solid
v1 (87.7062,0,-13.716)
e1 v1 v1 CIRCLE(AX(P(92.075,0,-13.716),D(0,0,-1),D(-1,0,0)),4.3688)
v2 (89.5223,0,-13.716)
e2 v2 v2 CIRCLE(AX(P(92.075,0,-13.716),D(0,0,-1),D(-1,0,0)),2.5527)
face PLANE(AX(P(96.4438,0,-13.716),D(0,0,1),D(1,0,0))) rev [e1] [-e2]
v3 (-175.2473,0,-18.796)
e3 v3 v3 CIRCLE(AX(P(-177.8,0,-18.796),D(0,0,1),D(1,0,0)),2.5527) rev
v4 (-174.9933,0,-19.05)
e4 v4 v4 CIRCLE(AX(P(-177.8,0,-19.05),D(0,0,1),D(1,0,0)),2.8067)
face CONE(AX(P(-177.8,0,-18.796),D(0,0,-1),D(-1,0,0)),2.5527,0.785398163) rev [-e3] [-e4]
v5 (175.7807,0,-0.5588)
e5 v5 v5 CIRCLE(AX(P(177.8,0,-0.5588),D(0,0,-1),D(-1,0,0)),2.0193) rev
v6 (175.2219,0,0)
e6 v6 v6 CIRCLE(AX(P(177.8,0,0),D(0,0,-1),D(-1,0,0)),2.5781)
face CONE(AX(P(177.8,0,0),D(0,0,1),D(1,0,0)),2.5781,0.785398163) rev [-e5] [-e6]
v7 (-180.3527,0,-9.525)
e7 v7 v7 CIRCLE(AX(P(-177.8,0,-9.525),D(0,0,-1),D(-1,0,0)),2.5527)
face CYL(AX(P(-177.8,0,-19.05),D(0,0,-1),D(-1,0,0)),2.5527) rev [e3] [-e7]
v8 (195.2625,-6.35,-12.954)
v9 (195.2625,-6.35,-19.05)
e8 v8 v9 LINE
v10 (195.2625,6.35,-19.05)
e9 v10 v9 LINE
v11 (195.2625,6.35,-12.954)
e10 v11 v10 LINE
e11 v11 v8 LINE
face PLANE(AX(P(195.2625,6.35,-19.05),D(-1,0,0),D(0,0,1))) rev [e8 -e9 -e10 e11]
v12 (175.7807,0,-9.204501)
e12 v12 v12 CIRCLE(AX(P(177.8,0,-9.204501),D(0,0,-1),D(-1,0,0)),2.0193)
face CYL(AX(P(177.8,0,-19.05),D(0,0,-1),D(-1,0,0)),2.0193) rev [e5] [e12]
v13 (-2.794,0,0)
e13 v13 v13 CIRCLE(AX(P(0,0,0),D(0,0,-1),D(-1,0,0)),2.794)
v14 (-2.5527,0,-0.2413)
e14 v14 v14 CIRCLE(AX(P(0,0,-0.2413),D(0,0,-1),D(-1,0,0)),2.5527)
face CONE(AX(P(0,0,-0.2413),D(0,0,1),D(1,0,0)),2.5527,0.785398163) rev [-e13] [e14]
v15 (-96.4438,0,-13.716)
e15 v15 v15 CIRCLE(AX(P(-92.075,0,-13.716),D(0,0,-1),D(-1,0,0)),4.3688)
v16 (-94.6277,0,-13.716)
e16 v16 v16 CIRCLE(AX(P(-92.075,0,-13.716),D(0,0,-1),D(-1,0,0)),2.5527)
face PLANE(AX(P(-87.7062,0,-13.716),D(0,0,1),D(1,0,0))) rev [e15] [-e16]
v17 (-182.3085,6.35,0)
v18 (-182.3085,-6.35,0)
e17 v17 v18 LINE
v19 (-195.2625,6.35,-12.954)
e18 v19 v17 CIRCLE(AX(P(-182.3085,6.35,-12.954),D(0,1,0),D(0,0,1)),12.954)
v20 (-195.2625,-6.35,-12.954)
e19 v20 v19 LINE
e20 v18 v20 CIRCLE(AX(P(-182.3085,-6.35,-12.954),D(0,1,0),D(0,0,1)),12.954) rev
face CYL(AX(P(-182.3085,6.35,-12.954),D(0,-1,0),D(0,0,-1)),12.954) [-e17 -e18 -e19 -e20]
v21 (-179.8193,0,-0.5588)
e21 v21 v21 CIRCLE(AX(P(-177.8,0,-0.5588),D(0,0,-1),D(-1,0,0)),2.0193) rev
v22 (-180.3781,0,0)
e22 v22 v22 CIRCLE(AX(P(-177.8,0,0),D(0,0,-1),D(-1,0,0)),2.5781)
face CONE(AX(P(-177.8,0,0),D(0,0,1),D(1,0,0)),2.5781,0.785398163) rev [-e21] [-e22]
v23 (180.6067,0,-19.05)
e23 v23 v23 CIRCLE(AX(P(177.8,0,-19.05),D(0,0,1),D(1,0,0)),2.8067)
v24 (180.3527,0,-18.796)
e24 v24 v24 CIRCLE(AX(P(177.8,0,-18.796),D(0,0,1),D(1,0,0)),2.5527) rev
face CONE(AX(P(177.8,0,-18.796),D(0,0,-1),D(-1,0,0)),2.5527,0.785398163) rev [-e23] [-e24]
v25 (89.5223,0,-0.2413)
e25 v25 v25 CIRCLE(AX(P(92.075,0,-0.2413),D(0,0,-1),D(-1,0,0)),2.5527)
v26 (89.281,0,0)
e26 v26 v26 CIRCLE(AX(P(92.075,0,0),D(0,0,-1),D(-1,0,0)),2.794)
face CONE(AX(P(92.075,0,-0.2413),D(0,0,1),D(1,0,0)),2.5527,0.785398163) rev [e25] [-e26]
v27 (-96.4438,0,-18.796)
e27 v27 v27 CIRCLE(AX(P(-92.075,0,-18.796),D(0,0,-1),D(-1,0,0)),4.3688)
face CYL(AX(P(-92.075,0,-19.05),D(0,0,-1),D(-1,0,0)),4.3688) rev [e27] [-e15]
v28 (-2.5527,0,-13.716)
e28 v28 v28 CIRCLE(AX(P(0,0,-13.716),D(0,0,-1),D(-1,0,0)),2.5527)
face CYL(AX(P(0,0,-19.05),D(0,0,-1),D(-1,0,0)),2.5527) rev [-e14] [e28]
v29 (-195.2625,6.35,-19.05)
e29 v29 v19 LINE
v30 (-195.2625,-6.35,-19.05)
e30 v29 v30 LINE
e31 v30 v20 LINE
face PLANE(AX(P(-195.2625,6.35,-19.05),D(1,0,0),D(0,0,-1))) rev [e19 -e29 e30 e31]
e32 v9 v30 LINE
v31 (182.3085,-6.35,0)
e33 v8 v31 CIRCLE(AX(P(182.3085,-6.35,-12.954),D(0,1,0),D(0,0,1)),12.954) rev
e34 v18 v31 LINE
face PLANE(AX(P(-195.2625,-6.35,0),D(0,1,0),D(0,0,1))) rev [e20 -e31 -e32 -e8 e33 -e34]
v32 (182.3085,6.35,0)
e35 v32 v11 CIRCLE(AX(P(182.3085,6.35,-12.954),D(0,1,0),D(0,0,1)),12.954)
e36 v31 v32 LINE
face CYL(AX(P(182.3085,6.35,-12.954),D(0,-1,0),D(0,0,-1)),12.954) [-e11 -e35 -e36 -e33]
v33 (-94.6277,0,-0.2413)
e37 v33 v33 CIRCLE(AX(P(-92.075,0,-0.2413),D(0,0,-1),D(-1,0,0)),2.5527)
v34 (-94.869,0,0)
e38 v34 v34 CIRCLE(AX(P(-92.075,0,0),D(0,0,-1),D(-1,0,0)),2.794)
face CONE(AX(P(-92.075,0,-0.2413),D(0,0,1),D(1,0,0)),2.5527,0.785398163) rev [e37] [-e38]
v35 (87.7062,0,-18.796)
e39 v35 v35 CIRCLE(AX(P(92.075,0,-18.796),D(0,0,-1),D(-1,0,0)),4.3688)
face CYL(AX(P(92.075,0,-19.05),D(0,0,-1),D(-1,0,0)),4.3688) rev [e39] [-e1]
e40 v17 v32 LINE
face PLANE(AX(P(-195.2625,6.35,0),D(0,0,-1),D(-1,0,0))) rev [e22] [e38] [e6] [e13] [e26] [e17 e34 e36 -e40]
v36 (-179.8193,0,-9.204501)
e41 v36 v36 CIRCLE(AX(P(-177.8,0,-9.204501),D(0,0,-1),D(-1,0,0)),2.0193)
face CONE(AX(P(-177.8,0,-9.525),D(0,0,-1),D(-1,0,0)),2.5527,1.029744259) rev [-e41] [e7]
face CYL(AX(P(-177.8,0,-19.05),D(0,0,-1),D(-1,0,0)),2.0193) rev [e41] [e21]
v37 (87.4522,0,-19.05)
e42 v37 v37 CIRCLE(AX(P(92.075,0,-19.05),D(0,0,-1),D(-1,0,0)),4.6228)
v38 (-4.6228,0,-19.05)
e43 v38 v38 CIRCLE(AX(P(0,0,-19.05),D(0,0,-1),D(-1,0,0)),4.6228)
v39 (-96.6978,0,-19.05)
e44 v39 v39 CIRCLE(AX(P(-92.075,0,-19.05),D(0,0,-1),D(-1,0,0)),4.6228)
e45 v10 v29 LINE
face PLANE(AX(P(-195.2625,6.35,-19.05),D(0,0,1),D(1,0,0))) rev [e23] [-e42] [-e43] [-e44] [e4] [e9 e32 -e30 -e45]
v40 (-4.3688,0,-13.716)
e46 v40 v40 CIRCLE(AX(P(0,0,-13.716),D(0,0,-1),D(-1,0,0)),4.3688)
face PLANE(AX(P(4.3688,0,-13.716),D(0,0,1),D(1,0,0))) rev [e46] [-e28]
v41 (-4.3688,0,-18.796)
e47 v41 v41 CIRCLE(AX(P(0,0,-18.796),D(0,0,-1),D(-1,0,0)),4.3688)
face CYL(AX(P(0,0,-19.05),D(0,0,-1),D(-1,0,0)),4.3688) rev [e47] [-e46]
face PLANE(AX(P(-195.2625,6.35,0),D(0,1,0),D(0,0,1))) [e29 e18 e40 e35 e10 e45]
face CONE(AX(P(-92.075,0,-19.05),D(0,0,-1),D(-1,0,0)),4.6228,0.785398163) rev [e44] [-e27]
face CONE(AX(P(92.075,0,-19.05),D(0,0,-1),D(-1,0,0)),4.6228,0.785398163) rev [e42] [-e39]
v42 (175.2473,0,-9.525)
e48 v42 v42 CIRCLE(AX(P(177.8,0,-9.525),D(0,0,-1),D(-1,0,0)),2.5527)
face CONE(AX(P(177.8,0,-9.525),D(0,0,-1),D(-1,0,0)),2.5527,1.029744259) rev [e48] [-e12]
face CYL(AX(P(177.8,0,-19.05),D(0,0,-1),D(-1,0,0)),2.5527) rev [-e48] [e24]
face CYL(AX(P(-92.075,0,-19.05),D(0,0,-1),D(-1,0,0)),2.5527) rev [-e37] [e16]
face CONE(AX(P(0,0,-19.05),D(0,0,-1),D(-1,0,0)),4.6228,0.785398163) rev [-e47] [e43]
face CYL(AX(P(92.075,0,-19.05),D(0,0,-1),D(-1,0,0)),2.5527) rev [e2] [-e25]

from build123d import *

# Parameters (mm, degrees)
SKETCH1_W                                    = 390.525
SKETCH1_H                                    = 19.05
EXTRUDE1_DEPTH                               = 6.35
FILLET1_R                                    = 12.954
COUNTERDRILLED_10_32_AT_2_COUNT              = 2
COUNTERDRILLED_10_32_AT_2_PITCH              = 355.6
CBORE_FOR_10_SOCKET_HEAD_CAP_SCREW1_AT_COUNT = 2
CBORE_FOR_10_SOCKET_HEAD_CAP_SCREW1_AT_PITCH = 92.075
CBORE_FOR_10_SOCKET_HEAD_CAP_SCREW1_2_COUNT  = 2
CBORE_FOR_10_SOCKET_HEAD_CAP_SCREW1_2_PITCH  = 184.15
CHAMFER1_SIZE                                = 0.254
CHAMFER2_SIZE                                = 0.5588


with BuildPart() as part:
    # Sketch1 → Extrude1 (new, symmetric)
    with BuildSketch(Plane(origin=(0, 0, 0), x_dir=(1, 0, 0), z_dir=(0, 1, 0))):
        with Locations((0, 9.525)):
            Rectangle(SKETCH1_W, SKETCH1_H)
    extrude(amount=EXTRUDE1_DEPTH, both=True)

    # Fillet1
    fillet1_edges = [part.edges().sort_by_distance(p)[0] for p in [
        (195.2625, 0, 0),
        (-195.2625, 0, 0),
    ]]
    fillet(fillet1_edges, radius=FILLET1_R)

    # Sketch3 → counterdrilled 10-32 (revolve, cut)
    with BuildSketch(Plane(origin=(177.8, 0, -19.05), x_dir=(0, 1, 0), z_dir=(1, 0, 0))):
        Polygon((0, 0), (0, 19.05), (2.0193, 19.05), (2.0193, 9.845499054), (2.5527, 9.525), (2.5527, 0), align=None)
    counterdrilled_10_32 = revolve(axis=Axis((177.8, 0, -25.180023899), (0, 0, 1)), mode=Mode.SUBTRACT)

    # counterdrilled 10-32 at 2: counterdrilled 10-32 ×2
    with Locations(*[(-i * COUNTERDRILLED_10_32_AT_2_PITCH, 0, 0) for i in range(1, COUNTERDRILLED_10_32_AT_2_COUNT)]):
        add(counterdrilled_10_32, mode=Mode.SUBTRACT)

    # Sketch5 → CBORE for #10 Socket Head Cap Screw1 (revolve, cut)
    with BuildSketch(Plane(origin=(92.075, 0, -19.05), x_dir=(0, 1, 0), z_dir=(1, 0, 0))):
        Polygon((0, 0), (0, 19.05), (2.794, 19.05), (2.5527, 18.8087), (2.5527, 5.334), (4.3688, 5.334), (4.3688, 0.254), (4.6228, 0), align=None)
    cbore_for_10_socket_head_cap_screw1 = revolve(axis=Axis((92.075, 0, -25.4), (0, 0, 1)), mode=Mode.SUBTRACT)

    # CBORE for #10 Socket Head Cap Screw1 at: CBORE for #10 Socket Head Cap Screw1 ×2
    with Locations(*[(-i * CBORE_FOR_10_SOCKET_HEAD_CAP_SCREW1_AT_PITCH, 0, 0) for i in range(1, CBORE_FOR_10_SOCKET_HEAD_CAP_SCREW1_AT_COUNT)]):
        add(cbore_for_10_socket_head_cap_screw1, mode=Mode.SUBTRACT)

    # CBORE for _10 Socket Head Cap Screw1 2: CBORE for #10 Socket Head Cap Screw1 ×2
    with Locations(*[(-i * CBORE_FOR_10_SOCKET_HEAD_CAP_SCREW1_2_PITCH, 0, 0) for i in range(1, CBORE_FOR_10_SOCKET_HEAD_CAP_SCREW1_2_COUNT)]):
        add(cbore_for_10_socket_head_cap_screw1, mode=Mode.SUBTRACT)

    # Chamfer1
    chamfer1_edges = [part.edges().sort_by_distance(p)[0] for p in [
        (-177.8, -2.5527, -19.05),
        (177.8, -2.5527, -19.05),
    ]]
    chamfer(chamfer1_edges, length=CHAMFER1_SIZE)

    # Chamfer2
    chamfer2_edges = [part.edges().sort_by_distance(p)[0] for p in [
        (-177.8, -2.0193, 0),
        (177.8, -2.0193, 0),
    ]]
    chamfer(chamfer2_edges, length=CHAMFER2_SIZE)


solid = part.part
